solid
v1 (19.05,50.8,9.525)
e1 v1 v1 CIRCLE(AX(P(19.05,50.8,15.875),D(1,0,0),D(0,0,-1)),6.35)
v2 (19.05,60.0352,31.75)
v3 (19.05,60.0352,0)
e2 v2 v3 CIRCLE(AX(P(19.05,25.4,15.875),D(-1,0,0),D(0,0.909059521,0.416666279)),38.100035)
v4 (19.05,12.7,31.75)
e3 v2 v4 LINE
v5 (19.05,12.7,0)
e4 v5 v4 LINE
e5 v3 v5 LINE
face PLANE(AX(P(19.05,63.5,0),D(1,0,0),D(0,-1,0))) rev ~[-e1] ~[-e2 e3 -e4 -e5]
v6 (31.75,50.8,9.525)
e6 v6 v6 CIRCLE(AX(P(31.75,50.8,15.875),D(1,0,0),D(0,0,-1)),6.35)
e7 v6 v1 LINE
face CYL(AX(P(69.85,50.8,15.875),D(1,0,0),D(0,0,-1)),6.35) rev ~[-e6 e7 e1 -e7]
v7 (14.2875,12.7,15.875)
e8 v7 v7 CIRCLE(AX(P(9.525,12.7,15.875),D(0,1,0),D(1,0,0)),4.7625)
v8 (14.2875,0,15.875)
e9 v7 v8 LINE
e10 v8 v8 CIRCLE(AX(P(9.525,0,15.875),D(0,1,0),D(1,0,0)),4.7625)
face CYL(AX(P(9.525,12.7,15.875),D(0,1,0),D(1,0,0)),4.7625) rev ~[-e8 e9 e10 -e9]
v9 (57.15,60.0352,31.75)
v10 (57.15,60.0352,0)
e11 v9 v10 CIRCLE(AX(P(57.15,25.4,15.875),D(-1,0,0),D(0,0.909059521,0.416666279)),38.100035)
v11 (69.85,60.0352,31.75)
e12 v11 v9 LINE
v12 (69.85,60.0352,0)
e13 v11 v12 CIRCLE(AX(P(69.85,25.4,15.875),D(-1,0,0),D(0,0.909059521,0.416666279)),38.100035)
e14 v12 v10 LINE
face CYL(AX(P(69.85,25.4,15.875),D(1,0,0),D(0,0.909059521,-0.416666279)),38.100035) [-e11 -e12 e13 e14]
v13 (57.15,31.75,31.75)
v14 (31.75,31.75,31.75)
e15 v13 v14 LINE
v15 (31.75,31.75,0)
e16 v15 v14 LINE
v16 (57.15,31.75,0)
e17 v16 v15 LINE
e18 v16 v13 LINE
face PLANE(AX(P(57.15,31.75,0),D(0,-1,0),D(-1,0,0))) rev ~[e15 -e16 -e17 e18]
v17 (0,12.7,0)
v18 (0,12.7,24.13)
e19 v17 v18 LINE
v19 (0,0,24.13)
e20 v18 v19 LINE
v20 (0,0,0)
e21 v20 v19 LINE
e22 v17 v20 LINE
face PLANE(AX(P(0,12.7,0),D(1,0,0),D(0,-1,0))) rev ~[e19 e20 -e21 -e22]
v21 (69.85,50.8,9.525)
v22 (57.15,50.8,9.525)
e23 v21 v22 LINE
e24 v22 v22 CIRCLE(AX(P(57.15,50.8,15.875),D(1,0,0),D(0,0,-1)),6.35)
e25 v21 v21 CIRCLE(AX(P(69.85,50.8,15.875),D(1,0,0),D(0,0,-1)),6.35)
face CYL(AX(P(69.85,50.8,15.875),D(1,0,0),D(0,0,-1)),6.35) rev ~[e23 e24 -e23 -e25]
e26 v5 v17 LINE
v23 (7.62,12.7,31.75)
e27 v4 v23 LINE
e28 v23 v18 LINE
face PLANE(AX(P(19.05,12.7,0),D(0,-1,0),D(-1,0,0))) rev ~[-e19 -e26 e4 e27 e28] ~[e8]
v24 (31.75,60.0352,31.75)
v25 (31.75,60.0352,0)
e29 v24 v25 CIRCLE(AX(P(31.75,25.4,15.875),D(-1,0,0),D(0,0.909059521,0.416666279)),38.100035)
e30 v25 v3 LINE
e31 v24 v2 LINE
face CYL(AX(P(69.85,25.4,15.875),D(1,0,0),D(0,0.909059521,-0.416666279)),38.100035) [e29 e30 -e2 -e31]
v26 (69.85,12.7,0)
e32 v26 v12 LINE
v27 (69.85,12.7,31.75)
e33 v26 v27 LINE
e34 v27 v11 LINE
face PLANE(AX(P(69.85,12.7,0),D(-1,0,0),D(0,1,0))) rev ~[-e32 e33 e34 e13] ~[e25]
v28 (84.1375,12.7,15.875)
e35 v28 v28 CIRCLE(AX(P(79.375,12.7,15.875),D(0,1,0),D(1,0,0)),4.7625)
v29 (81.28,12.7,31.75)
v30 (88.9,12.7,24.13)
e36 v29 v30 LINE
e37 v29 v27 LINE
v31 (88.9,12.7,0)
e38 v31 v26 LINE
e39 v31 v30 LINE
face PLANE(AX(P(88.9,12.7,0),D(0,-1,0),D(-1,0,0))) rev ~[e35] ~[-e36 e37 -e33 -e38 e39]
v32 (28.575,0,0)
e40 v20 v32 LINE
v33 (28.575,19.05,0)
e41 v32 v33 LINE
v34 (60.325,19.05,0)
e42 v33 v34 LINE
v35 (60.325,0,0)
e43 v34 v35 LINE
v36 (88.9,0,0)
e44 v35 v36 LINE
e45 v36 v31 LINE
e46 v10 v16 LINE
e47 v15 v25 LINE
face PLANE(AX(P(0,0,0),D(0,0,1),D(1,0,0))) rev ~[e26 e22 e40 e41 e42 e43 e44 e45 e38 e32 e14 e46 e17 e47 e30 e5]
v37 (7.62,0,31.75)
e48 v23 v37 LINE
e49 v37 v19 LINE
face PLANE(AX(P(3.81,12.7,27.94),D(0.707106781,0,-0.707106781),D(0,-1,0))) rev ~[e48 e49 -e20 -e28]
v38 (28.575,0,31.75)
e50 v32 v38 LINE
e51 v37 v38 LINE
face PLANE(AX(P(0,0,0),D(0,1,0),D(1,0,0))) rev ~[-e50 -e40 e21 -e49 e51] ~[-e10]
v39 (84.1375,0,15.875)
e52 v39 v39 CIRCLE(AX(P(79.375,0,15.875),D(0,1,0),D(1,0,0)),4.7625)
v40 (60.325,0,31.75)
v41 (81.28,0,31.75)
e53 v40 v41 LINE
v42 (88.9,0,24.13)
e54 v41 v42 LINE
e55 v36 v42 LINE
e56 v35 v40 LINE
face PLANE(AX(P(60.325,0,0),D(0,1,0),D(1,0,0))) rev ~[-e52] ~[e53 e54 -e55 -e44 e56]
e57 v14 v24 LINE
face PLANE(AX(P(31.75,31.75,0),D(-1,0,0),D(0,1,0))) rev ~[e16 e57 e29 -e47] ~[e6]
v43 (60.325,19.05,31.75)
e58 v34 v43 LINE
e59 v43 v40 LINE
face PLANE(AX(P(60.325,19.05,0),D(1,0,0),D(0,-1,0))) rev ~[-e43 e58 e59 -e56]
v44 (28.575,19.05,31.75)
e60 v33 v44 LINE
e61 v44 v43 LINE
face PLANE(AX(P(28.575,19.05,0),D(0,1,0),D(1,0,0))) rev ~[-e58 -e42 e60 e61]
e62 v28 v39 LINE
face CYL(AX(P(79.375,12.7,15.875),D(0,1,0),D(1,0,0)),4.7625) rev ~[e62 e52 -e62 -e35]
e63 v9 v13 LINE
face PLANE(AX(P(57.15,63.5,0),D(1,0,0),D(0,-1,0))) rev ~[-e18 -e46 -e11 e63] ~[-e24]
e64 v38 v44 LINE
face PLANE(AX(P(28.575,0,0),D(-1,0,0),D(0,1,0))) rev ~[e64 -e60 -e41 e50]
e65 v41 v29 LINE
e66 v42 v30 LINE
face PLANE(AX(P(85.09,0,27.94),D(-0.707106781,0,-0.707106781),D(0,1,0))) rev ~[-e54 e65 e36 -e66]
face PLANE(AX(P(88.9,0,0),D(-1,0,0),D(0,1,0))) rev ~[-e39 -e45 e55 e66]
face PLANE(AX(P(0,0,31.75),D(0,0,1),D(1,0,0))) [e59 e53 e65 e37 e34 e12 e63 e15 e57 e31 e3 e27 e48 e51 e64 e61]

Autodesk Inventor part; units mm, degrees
ref_plane "YZ Plane" through (0, 0, 0) normal (1, 0, 0) x (0, 1, 0)
ref_plane "XZ Plane" through (0, 0, 0) normal (0, 1, 0) x (-1, 0, 0)
ref_plane "XY Plane" through (0, 0, 0) normal (0, 0, 1) x (1, 0, 0)
sketch "Sketch1" plane through (0, 0, 0) normal (0, 0, 1) x (1, 0, 0)
  line L0 (0, 0) -> (28.575, 0)
  line L1 (28.575, 0) -> (28.575, 19.05)
  line L2 (28.575, 19.05) -> (60.325, 19.05)
  line L3 (60.325, 19.05) -> (60.325, 0)
  line L4 (60.325, 0) -> (88.9, 0)
  line L5 (88.9, 0) -> (88.9, 12.7)
  line L6 (88.9, 12.7) -> (69.85, 12.7)
  line L7 (69.85, 12.7) -> (69.85, 63.5)
  line L8 (69.85, 63.5) -> (57.15, 63.5)
  line L9 (57.15, 63.5) -> (57.15, 31.75)
  line L10 (57.15, 31.75) -> (31.75, 31.75)
  line L11 (31.75, 31.75) -> (31.75, 63.5)
  line L12 (31.75, 63.5) -> (19.05, 63.5)
  line L13 (19.05, 63.5) -> (19.05, 12.7)
  line L14 (19.05, 12.7) -> (0, 12.7)
  line L15 (0, 12.7) -> (0, 0)
  dimension "d0" = 19.05
  dimension "d1" = 31.75
  dimension "d2" = 12.7
  dimension "d3" = 25.4
  dimension "d4" = 88.9
  dimension "d5" = 50.8
  dimension "d6" = 19.05
  dimension "d7" = 12.7
extrude "Extrusion1" add sketch "Sketch1" along normal blind 31.75
sketch "Sketch2" plane through (69.85, 12.7, 0) normal (1, 0, 0) x (0, 0, -1)
  point P0 (0, -12.7)
sketch "Sketch3" plane through (69.85, 12.7, 0) normal (1, 0, 0) x (0, 0, -1)
  point P0 (0, -12.7)
sketch "Sketch4" plane through (69.85, 12.7, 0) normal (1, 0, 0) x (0, 0, -1)
  line L0 (0, 0) -> (0, 50.8) projected
  line L1 (-31.75, 0) -> (-31.75, 50.8) projected
  arc A0 (0, 47.3352) -> (-31.75, 47.3352) centre (-15.875, 12.7) ccw
  line L2 (0, 50.8) -> (-31.75, 50.8) projected
  line L3 (-31.75, 47.3352) -> (-31.75, 51.0727)
  line L4 (-31.75, 51.0727) -> (0, 51.0727)
  line L5 (0, 51.0727) -> (0, 47.3352)
  point P0 (0, -12.7)
  dimension "d10" = 38.1
extrude "Extrusion2" cut sketch "Sketch4" against normal through all
sketch "Sketch5" plane through (69.85, 12.7, 31.75) normal (1, 0, 0) x (0, 0, -1)
  circle A0 centre (15.875, 38.1) radius 6.35
  line L0 (31.75, 0) -> (31.75, 47.3352) projected
  line L1 (31.75, 0) -> (0, 0) projected
  point P0 (31.75, -12.7)
  dimension "d13" = 12.7
  dimension "d14" = 15.875
  dimension "d15" = 38.1
extrude "Extrusion3" cut sketch "Sketch5" against normal through all
chamfer "Chamfer1" distance 7.62 angle 45 1 edges at (88.9, 6.35, 31.75)
chamfer "Chamfer2" distance 7.62 angle 45 1 edges at (0, 6.35, 31.75)
sketch "Sketch7" plane through (69.85, 12.7, 0) normal (0, 1, 0) x (1, 0, 0)
  circle A0 centre (9.525, -15.875) radius 4.7625
  circle A1 centre (-60.325, -15.875) radius 4.7625
  line L0 (19.05, 0) -> (0, 0) projected
  line L1 (19.05, 0) -> (19.05, -24.13) projected
  line L2 (-50.8, 0) -> (-69.85, 0) projected
  line L3 (-69.85, 0) -> (-69.85, -24.13) projected
  dimension "d24" = 9.525
  dimension "d25" = 9.525
  dimension "d26" = 15.875
  dimension "d27" = 9.525
  dimension "d28" = 15.875
  dimension "d29" = 9.525
extrude "Extrusion4" cut sketch "Sketch7" against normal through all
equation "\"d0\" = 0.75 * d3"
equation "\"d1\" = 1.25 * d3"
equation "\"d2\" = 0.5 * d3"
equation "\"d4\" = 3.5 * d3"
equation "\"d5\" = 2 * d3"
equation "\"d6\" = 0.75 * d3"
equation "\"d7\" = 0.5 * d3"
equation "\"d25\" = d24"
equation "\"d28\" = d26"
equation "\"d29\" = d27"
properties part number "HW 5 Part 2"
